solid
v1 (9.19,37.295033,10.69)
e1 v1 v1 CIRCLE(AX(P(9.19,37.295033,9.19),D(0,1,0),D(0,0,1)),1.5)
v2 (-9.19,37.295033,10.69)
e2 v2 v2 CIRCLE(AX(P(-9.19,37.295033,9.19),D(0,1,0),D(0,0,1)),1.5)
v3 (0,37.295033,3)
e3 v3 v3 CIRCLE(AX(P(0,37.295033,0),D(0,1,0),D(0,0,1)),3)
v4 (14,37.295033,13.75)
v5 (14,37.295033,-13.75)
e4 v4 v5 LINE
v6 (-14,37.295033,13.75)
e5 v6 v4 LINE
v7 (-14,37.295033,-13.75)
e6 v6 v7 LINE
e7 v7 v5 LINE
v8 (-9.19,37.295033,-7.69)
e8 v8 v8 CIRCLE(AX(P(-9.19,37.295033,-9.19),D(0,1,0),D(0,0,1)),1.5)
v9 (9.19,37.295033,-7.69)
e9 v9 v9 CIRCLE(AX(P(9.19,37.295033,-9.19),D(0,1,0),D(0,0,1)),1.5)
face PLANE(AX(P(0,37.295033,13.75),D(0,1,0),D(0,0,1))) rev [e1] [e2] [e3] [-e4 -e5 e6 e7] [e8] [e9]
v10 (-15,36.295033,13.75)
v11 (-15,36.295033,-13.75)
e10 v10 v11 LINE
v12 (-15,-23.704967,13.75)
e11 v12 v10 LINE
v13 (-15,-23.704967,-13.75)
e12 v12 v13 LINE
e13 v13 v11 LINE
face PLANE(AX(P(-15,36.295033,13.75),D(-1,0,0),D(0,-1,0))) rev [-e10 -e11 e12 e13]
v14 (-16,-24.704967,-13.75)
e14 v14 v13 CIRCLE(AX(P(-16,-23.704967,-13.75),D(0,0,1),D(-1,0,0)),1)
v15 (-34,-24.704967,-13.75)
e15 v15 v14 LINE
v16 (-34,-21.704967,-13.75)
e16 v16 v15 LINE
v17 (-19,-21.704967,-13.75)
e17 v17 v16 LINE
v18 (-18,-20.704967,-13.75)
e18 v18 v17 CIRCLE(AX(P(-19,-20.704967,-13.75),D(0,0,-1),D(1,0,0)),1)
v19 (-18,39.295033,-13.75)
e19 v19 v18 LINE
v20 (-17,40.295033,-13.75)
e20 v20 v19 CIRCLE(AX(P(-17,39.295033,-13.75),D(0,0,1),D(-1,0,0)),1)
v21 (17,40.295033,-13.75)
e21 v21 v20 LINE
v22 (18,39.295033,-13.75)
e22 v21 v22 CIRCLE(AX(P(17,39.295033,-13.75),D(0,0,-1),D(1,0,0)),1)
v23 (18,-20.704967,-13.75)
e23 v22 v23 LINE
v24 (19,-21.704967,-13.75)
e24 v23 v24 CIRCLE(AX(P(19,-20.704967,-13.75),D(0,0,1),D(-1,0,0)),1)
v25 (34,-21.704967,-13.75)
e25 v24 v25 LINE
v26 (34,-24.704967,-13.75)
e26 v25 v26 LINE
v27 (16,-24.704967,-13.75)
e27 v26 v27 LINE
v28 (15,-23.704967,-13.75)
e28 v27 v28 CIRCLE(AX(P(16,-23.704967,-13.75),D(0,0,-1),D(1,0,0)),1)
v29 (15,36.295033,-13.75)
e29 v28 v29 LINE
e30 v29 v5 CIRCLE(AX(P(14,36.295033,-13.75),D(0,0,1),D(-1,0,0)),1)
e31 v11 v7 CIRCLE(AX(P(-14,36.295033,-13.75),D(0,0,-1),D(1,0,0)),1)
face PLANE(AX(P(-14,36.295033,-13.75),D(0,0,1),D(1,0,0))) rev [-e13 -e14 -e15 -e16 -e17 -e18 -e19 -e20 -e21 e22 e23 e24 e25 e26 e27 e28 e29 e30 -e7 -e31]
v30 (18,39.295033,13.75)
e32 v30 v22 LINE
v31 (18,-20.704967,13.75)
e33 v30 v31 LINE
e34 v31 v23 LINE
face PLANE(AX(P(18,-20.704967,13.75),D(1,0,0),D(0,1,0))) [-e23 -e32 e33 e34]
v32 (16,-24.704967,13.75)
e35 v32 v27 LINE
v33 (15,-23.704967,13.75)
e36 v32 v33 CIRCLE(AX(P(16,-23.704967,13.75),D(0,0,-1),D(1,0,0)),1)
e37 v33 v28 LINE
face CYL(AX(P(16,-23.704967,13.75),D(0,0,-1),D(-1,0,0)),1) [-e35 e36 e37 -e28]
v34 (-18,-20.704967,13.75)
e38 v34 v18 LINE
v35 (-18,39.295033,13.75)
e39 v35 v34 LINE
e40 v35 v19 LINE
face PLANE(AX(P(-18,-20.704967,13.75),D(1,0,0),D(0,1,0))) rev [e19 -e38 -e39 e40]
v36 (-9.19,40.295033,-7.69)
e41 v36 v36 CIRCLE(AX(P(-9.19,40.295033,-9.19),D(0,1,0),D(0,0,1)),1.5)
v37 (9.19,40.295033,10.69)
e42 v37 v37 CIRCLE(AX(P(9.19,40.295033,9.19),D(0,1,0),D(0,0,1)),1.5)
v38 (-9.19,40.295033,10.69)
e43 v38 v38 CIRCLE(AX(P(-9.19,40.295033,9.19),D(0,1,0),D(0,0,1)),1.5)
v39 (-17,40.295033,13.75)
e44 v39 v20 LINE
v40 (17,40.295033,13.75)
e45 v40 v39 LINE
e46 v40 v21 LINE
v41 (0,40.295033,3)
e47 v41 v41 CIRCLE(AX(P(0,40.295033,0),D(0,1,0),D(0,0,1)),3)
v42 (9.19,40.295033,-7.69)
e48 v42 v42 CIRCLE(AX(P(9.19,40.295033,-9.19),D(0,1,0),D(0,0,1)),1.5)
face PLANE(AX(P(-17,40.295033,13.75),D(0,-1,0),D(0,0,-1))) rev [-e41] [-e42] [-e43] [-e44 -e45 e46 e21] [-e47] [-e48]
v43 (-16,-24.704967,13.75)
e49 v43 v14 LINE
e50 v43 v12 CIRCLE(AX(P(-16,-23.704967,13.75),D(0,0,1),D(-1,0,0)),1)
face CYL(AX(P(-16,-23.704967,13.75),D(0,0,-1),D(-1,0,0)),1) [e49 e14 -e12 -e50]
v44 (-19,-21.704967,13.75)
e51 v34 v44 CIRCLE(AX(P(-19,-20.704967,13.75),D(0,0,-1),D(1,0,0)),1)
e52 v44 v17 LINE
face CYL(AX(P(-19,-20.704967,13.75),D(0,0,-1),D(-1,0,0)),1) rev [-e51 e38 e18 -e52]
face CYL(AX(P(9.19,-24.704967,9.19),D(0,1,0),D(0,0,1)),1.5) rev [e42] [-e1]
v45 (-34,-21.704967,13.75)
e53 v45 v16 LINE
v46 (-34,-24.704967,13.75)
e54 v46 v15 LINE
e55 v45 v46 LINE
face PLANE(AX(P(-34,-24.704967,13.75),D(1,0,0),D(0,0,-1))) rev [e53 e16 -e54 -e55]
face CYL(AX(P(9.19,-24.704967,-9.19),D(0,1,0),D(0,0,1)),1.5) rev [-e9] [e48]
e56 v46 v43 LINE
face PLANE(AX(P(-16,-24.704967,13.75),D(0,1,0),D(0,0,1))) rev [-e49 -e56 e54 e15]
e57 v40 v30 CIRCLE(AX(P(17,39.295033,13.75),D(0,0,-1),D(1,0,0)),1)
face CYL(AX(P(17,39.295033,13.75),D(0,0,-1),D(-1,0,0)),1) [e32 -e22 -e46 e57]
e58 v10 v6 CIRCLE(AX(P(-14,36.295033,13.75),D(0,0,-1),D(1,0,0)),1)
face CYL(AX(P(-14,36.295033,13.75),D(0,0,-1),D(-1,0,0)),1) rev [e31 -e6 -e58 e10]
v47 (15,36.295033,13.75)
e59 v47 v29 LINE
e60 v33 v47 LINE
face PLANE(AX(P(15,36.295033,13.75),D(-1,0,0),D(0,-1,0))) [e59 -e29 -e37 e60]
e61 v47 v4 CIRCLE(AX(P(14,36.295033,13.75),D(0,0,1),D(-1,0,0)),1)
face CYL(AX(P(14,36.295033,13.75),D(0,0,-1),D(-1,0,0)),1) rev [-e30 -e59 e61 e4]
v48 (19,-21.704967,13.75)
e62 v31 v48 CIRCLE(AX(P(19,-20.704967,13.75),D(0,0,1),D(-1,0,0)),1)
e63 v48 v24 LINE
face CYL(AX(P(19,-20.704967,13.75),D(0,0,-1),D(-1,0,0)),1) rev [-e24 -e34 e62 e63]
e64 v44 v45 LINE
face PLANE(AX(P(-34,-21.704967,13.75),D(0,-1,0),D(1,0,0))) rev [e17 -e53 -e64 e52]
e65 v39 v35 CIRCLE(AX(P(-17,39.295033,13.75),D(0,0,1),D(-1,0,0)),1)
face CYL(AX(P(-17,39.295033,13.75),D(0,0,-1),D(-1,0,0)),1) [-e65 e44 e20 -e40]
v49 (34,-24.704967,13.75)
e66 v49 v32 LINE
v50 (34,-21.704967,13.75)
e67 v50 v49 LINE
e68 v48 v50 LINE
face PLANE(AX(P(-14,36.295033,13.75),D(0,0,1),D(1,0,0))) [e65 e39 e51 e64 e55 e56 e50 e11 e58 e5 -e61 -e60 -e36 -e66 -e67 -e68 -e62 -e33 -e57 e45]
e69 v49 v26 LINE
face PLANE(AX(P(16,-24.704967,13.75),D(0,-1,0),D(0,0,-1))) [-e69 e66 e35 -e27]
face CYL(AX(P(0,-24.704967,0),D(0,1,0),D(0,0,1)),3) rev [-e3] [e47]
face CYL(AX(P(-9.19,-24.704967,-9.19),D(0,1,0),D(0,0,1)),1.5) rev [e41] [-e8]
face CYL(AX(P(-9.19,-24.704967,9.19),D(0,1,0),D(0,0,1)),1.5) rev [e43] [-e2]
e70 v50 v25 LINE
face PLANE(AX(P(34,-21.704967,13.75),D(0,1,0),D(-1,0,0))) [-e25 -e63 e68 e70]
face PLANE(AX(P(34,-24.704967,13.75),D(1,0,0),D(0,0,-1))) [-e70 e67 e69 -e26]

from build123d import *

# Parameters (mm, degrees)
BOSS_EXTRUDE1_DEPTH = 13.75
SKETCH2_R           = 3
SKETCH2_R_2         = 1.5
CUT_EXTRUDE1_DEPTH  = 66


with BuildPart() as part:
    # Sketch1 → Boss-Extrude1 (new body, symmetric)
    with BuildSketch(Plane.XY):
        with BuildLine():
            Line((0, 37.295033495), (-14, 37.295033495))
            ThreePointArc((-14, 37.295033495), (-14.707106781, 37.002140277), (-15, 36.295033495))
            Line((-15, 36.295033495), (-15, -23.704966505))
            ThreePointArc((-15, -23.704966505), (-15.292893219, -24.412073286), (-16, -24.704966505))
            Line((-16, -24.704966505), (-34, -24.704966505))
            Line((-34, -24.704966505), (-34, -21.704966505))
            Line((-34, -21.704966505), (-19, -21.704966505))
            ThreePointArc((-19, -21.704966505), (-18.292893219, -21.412073286), (-18, -20.704966505))
            Line((-18, -20.704966505), (-18, 39.295033495))
            ThreePointArc((-18, 39.295033495), (-17.707106781, 40.002140277), (-17, 40.295033495))
            Line((-17, 40.295033495), (0, 40.295033495))
            Line((0, 40.295033495), (0, 37.295033495))
        make_face()
    boss_extrude1 = extrude(amount=BOSS_EXTRUDE1_DEPTH, both=True)

    # Mirror1: Boss-Extrude1 across plane
    add(boss_extrude1.mirror(Plane(origin=(0, 0, 0), x_dir=(0, 0, 1), z_dir=(1, 0, 0))))

    # Sketch2 → Cut-Extrude1 (cut, through all)
    with BuildSketch(Plane(origin=(0, 40.295033495, 0), x_dir=(1, 0, 0), z_dir=(0, 1, 0))):
        Circle(SKETCH2_R)
        with Locations((-9.19, 9.19)):
            Circle(SKETCH2_R_2)
        with Locations((9.19, 9.19)):
            Circle(SKETCH2_R_2)
        with Locations((9.19, -9.19)):
            Circle(SKETCH2_R_2)
        with Locations((-9.19, -9.19)):
            Circle(SKETCH2_R_2)
    extrude(amount=-CUT_EXTRUDE1_DEPTH, mode=Mode.SUBTRACT)


solid = part.part
